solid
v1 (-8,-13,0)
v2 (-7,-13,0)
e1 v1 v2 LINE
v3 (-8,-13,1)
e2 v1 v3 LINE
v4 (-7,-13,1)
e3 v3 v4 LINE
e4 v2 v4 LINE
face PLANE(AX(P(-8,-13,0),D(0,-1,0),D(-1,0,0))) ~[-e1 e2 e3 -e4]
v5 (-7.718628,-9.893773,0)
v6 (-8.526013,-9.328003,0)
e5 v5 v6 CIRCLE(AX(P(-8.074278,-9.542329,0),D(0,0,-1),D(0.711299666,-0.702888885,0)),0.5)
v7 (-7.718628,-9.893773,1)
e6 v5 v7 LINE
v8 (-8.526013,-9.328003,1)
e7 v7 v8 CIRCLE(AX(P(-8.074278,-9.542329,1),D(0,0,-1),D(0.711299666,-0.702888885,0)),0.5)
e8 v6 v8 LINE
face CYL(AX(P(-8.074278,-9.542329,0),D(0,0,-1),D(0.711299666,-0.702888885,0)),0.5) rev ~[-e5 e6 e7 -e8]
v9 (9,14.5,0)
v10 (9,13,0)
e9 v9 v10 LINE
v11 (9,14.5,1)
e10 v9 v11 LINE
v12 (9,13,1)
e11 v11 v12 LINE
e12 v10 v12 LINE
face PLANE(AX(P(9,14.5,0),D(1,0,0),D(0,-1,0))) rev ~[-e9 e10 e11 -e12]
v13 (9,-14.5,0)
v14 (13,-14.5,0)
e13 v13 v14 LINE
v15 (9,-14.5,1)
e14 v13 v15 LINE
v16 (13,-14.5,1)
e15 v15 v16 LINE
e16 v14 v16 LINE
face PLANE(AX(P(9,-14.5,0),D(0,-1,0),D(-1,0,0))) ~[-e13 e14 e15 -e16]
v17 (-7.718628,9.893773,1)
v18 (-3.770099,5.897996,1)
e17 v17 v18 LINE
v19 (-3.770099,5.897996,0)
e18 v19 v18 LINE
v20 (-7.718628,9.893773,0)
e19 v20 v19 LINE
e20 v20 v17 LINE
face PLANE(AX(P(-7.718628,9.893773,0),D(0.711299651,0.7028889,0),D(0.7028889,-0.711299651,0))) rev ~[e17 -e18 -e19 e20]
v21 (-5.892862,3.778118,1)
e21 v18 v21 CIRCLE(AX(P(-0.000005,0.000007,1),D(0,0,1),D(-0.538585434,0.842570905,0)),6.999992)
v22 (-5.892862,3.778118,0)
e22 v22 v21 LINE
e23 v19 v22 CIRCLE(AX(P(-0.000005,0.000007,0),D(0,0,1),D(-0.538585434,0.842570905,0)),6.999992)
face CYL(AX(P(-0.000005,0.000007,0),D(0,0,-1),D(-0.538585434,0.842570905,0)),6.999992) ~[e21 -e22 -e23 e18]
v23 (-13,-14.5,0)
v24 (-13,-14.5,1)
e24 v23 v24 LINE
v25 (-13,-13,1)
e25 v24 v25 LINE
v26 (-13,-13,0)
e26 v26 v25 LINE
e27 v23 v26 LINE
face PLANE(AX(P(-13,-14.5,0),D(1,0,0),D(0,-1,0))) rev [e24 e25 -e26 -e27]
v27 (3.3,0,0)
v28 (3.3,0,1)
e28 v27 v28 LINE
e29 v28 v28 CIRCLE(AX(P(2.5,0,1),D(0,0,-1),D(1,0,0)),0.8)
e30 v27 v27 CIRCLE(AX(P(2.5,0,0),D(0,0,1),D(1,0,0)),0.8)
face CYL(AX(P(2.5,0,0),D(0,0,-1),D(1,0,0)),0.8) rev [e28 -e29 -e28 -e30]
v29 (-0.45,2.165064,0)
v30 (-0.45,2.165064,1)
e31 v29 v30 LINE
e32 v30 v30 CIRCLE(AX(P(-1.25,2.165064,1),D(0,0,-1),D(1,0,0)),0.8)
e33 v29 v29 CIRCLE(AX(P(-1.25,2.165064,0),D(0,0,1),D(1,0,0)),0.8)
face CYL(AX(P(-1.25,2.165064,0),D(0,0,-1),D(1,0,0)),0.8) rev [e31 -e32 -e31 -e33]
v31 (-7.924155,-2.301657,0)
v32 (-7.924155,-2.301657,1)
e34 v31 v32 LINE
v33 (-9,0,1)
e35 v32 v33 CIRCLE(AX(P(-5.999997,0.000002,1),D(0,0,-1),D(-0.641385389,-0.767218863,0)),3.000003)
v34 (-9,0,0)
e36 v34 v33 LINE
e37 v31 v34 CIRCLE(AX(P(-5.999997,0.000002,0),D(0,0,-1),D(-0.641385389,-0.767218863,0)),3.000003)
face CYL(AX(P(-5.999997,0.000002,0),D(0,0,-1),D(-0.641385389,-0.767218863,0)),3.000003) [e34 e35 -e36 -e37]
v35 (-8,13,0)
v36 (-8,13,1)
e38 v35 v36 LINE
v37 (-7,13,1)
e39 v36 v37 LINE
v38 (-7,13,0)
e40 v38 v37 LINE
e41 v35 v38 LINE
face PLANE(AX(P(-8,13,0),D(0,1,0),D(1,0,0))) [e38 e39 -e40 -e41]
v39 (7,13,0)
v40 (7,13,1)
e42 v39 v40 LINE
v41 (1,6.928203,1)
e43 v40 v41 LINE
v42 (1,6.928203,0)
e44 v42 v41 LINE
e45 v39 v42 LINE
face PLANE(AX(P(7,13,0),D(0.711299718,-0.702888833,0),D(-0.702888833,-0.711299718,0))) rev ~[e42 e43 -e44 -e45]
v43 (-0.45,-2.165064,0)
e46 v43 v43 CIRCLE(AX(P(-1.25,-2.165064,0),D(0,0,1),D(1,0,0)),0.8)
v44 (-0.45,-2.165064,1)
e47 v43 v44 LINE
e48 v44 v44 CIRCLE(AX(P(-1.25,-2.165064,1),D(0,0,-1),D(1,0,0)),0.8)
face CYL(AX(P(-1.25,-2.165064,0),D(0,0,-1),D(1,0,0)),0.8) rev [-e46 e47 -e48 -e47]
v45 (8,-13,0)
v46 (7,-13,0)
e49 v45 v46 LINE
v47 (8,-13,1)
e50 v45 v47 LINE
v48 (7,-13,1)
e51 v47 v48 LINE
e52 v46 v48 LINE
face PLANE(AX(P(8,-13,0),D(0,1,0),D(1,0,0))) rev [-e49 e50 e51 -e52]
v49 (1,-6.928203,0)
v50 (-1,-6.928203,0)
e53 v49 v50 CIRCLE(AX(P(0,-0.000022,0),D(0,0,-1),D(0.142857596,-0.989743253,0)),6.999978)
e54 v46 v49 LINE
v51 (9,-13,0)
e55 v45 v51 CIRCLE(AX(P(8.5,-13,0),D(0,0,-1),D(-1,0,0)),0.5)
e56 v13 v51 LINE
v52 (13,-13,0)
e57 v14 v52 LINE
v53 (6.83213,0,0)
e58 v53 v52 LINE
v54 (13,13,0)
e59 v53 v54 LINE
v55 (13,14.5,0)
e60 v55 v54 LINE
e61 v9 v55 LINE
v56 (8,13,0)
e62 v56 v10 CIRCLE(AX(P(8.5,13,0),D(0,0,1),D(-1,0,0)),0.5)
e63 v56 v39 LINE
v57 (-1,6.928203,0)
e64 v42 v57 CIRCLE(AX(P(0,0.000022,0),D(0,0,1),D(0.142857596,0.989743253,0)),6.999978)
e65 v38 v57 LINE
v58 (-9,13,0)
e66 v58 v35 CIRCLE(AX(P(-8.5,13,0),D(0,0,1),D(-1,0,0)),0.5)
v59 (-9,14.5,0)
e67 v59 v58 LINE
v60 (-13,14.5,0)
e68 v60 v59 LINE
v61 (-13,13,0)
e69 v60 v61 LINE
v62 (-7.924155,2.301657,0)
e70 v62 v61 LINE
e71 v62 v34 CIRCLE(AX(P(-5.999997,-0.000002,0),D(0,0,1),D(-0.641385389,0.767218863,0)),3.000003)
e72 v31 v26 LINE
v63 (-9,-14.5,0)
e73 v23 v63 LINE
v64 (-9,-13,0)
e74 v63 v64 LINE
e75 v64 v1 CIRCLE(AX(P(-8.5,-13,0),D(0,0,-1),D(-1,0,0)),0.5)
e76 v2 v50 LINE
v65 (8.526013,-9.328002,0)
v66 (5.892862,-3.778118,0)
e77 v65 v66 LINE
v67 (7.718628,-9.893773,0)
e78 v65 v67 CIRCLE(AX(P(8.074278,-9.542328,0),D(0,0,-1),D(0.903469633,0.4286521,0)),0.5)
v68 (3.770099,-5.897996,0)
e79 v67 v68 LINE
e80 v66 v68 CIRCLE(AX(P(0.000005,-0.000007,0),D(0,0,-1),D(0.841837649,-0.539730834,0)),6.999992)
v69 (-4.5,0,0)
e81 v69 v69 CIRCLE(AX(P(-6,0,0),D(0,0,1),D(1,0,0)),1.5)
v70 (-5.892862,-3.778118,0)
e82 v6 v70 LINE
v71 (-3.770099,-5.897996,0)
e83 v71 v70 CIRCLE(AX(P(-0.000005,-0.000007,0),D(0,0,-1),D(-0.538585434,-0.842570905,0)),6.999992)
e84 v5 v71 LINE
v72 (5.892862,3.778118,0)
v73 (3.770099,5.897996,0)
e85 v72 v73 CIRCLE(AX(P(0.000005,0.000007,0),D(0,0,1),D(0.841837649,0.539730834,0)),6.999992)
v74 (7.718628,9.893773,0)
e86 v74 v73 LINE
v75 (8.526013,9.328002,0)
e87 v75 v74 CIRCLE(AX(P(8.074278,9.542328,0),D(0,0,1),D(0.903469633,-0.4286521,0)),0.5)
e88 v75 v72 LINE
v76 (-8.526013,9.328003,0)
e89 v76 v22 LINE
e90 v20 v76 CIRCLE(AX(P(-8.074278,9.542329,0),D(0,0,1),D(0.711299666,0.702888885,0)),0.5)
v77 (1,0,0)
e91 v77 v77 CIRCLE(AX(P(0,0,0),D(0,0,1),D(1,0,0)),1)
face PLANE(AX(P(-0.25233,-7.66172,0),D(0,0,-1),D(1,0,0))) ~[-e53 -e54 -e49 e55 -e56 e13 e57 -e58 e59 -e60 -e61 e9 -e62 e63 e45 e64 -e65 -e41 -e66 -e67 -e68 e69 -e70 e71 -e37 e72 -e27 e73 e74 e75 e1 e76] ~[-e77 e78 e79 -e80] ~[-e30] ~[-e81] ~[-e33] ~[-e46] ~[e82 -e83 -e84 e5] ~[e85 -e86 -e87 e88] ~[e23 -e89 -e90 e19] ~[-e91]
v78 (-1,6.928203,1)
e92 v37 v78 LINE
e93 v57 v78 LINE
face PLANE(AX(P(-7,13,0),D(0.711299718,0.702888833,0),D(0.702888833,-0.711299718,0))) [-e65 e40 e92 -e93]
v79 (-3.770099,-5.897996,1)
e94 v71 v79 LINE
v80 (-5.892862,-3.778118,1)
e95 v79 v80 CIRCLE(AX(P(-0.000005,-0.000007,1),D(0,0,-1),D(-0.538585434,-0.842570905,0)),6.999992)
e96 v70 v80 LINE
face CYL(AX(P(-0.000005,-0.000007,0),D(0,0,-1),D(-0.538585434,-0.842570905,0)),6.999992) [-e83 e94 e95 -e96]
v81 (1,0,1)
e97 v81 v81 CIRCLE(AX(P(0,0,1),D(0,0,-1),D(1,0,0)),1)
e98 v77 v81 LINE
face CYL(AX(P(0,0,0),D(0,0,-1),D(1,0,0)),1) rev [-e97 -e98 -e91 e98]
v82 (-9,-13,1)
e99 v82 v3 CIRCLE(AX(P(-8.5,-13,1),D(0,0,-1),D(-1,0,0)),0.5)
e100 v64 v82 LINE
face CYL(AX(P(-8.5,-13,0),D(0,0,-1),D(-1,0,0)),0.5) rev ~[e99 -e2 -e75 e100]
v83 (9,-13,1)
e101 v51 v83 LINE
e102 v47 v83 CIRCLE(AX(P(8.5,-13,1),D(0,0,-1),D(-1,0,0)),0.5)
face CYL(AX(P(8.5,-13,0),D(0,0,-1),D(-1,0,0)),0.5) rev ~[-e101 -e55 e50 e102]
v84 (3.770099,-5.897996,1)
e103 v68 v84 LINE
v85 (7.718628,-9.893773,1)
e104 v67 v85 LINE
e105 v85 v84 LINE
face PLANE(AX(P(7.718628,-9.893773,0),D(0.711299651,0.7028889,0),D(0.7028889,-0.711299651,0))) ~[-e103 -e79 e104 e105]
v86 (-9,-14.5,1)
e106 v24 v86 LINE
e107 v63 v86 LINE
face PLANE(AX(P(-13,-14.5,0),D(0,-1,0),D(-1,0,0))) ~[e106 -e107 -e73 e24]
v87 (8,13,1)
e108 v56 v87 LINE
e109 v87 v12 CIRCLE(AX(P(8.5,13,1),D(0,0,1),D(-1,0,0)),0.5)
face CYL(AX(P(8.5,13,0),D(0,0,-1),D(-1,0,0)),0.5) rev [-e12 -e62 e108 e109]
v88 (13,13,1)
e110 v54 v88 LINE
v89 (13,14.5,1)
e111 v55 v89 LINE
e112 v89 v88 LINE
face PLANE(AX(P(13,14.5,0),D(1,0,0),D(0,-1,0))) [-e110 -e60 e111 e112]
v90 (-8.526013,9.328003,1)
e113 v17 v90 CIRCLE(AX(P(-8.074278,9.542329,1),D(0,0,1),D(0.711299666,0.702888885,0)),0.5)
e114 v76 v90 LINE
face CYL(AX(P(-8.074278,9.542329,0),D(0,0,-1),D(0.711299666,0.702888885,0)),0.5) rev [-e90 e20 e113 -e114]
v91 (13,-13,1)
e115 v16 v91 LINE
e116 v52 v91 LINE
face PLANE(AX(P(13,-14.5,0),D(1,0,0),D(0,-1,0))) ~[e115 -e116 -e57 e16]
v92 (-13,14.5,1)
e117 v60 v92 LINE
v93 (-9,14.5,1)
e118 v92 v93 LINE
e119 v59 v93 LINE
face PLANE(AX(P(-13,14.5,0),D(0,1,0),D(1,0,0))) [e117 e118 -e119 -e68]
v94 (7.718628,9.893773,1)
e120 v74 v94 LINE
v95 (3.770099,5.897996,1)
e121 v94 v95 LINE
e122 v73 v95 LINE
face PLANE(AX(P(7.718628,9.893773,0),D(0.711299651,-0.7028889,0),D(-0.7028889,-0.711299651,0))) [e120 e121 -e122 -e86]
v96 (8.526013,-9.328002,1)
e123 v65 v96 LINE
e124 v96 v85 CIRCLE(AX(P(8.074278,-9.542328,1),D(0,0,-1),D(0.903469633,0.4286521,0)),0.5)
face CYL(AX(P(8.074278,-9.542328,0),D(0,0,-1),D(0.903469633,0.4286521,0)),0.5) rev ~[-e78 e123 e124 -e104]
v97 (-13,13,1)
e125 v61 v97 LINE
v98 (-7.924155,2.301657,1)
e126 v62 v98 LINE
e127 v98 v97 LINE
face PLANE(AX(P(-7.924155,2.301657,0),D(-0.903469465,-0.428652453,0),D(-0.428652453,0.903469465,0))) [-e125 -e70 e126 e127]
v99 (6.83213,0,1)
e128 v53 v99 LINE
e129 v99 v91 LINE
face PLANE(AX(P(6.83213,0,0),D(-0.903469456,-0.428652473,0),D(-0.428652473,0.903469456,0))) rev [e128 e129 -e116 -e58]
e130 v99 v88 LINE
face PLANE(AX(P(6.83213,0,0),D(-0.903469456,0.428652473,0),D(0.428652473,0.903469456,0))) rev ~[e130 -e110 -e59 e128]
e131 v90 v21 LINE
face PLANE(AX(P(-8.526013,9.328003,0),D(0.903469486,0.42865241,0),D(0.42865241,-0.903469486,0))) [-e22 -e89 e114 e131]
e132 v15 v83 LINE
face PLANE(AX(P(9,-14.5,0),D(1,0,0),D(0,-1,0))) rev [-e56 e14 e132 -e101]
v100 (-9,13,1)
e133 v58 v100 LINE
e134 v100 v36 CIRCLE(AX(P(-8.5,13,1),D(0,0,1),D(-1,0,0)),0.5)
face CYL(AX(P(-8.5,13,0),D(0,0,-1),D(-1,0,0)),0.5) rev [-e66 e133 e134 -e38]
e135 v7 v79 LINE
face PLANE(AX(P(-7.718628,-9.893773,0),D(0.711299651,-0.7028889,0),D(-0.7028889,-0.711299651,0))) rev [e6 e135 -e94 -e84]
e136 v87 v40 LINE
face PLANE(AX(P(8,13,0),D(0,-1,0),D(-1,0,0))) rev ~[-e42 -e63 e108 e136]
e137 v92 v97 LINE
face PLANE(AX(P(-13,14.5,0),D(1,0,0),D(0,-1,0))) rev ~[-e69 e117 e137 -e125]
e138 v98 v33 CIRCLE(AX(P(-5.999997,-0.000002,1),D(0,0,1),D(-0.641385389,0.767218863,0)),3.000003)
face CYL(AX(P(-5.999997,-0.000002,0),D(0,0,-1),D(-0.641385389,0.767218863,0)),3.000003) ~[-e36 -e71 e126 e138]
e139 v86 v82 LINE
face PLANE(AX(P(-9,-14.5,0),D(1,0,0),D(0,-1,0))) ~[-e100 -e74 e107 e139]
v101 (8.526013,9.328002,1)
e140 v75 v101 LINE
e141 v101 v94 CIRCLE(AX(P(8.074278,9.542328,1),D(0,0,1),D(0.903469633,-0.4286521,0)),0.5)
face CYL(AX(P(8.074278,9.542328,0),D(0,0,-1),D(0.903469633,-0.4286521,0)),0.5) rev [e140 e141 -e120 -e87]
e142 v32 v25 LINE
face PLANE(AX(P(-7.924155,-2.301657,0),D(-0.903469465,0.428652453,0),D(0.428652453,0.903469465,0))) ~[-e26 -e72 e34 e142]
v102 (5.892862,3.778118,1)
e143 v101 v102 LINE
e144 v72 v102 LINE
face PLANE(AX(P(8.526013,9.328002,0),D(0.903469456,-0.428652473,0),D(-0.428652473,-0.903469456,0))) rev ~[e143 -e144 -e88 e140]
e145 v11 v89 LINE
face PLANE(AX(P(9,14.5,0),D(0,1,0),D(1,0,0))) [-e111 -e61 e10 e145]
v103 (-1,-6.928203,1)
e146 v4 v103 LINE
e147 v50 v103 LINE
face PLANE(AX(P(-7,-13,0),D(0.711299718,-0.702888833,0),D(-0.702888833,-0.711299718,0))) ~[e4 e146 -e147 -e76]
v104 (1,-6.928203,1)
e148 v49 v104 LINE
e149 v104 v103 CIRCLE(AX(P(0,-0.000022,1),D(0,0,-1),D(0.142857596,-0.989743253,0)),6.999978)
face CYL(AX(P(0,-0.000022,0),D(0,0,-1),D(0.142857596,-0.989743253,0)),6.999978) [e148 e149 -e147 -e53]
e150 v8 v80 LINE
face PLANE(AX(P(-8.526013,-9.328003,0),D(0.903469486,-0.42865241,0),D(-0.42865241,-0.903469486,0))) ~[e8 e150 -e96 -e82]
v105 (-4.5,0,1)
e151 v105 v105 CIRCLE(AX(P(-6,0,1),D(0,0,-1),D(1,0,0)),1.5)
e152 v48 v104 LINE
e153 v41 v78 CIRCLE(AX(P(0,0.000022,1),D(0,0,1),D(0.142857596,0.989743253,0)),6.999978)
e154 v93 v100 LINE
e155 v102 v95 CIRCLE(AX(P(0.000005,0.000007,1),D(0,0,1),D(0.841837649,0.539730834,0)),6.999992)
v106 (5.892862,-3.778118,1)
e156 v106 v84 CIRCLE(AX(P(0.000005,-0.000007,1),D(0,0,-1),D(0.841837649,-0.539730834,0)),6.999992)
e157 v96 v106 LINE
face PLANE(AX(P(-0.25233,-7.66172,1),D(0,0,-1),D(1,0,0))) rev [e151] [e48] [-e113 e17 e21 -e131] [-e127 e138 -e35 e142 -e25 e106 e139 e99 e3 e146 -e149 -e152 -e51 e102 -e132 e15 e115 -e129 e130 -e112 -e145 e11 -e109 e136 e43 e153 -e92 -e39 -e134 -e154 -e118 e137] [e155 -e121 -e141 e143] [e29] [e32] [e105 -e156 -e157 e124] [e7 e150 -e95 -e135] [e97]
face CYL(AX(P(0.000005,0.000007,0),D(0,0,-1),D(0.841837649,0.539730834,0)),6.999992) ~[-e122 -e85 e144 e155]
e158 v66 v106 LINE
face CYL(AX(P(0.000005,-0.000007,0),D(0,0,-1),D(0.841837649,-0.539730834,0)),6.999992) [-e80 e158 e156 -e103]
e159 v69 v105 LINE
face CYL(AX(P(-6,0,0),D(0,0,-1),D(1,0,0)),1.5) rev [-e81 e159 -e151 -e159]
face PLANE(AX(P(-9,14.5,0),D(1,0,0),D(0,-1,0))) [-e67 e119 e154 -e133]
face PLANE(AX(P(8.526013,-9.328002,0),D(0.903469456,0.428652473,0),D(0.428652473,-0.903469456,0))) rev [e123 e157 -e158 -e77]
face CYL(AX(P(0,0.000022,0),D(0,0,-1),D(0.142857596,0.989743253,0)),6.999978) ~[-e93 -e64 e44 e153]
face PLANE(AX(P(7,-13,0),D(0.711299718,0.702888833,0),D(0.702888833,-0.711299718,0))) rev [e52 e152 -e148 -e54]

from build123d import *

# Parameters (mm, degrees)
PAD_DEPTH     = 1
SKETCH008_R   = 0.8
SKETCH008_R_2 = 1
SKETCH008_R_3 = 1.5
POCKET_DEPTH  = 1.001


with BuildPart() as part:
    # Sketch007 → Pad (new body)
    with BuildSketch(Plane.XY):
        with BuildLine():
            Line((-13, 14.5), (-9, 14.5))
            Line((-9, 14.5), (-9, 13))
            ThreePointArc((-9, 13), (-8.5, 12.5), (-8, 13))
            Line((-8, 13), (-7, 13))
            Line((-7, 13), (-1, 6.928203))
            ThreePointArc((1, 6.928203), (0, 7), (-1, 6.928203))
            Line((7, 13), (1, 6.928203))
            Line((8, 13), (7, 13))
            ThreePointArc((8, 13), (8.5, 12.5), (9, 13))
            Line((9, 14.5), (9, 13))
            Line((9, 14.5), (13, 14.5))
            Line((13, 14.5), (13, 13))
            Line((6.83213, 0), (13, 13))
            Line((6.83213, 0), (-6.83213, 0))
            Line((-9, 0), (-6.83213, 0))
            ThreePointArc((-7.924155, 2.301657), (-8.717762, 1.270341), (-9, 0))
            Line((-7.924155, 2.301657), (-13, 13))
            Line((-13, 14.5), (-13, 13))
        make_face()
        with BuildLine():
            Line((-8.526013, 9.328003), (-5.892862, 3.778118))
            ThreePointArc((-3.770099, 5.897996), (-4.94638, 4.953113), (-5.892862, 3.778118))
            Line((-7.718628, 9.893773), (-3.770099, 5.897996))
            ThreePointArc((-7.718628, 9.893773), (-8.361214, 9.951801), (-8.526013, 9.328003))
        make_face(mode=Mode.SUBTRACT)
        with BuildLine():
            ThreePointArc((5.892862, 3.778118), (4.94638, 4.953113), (3.770099, 5.897996))
            Line((7.718628, 9.893773), (3.770099, 5.897996))
            ThreePointArc((8.526013, 9.328002), (8.361214, 9.951801), (7.718628, 9.893773))
            Line((8.526013, 9.328002), (5.892862, 3.778118))
        make_face(mode=Mode.SUBTRACT)
    pad = extrude(amount=PAD_DEPTH)

    # Mirrored: Pad across Sketch007 H_Axis
    add(pad.mirror(Plane.ZX))

    # Sketch008 → Pocket (cut, through all)
    with BuildSketch(Plane.XY):
        with Locations((2.5, 0)):
            Circle(SKETCH008_R)
        with Locations((-1.25, -2.165064)):
            Circle(SKETCH008_R)
        with Locations((-1.25, 2.165064)):
            Circle(SKETCH008_R)
        Circle(SKETCH008_R_2)
        with Locations((-6, 0)):
            Circle(SKETCH008_R_3)
    extrude(amount=POCKET_DEPTH, mode=Mode.SUBTRACT)


solid = part.part
